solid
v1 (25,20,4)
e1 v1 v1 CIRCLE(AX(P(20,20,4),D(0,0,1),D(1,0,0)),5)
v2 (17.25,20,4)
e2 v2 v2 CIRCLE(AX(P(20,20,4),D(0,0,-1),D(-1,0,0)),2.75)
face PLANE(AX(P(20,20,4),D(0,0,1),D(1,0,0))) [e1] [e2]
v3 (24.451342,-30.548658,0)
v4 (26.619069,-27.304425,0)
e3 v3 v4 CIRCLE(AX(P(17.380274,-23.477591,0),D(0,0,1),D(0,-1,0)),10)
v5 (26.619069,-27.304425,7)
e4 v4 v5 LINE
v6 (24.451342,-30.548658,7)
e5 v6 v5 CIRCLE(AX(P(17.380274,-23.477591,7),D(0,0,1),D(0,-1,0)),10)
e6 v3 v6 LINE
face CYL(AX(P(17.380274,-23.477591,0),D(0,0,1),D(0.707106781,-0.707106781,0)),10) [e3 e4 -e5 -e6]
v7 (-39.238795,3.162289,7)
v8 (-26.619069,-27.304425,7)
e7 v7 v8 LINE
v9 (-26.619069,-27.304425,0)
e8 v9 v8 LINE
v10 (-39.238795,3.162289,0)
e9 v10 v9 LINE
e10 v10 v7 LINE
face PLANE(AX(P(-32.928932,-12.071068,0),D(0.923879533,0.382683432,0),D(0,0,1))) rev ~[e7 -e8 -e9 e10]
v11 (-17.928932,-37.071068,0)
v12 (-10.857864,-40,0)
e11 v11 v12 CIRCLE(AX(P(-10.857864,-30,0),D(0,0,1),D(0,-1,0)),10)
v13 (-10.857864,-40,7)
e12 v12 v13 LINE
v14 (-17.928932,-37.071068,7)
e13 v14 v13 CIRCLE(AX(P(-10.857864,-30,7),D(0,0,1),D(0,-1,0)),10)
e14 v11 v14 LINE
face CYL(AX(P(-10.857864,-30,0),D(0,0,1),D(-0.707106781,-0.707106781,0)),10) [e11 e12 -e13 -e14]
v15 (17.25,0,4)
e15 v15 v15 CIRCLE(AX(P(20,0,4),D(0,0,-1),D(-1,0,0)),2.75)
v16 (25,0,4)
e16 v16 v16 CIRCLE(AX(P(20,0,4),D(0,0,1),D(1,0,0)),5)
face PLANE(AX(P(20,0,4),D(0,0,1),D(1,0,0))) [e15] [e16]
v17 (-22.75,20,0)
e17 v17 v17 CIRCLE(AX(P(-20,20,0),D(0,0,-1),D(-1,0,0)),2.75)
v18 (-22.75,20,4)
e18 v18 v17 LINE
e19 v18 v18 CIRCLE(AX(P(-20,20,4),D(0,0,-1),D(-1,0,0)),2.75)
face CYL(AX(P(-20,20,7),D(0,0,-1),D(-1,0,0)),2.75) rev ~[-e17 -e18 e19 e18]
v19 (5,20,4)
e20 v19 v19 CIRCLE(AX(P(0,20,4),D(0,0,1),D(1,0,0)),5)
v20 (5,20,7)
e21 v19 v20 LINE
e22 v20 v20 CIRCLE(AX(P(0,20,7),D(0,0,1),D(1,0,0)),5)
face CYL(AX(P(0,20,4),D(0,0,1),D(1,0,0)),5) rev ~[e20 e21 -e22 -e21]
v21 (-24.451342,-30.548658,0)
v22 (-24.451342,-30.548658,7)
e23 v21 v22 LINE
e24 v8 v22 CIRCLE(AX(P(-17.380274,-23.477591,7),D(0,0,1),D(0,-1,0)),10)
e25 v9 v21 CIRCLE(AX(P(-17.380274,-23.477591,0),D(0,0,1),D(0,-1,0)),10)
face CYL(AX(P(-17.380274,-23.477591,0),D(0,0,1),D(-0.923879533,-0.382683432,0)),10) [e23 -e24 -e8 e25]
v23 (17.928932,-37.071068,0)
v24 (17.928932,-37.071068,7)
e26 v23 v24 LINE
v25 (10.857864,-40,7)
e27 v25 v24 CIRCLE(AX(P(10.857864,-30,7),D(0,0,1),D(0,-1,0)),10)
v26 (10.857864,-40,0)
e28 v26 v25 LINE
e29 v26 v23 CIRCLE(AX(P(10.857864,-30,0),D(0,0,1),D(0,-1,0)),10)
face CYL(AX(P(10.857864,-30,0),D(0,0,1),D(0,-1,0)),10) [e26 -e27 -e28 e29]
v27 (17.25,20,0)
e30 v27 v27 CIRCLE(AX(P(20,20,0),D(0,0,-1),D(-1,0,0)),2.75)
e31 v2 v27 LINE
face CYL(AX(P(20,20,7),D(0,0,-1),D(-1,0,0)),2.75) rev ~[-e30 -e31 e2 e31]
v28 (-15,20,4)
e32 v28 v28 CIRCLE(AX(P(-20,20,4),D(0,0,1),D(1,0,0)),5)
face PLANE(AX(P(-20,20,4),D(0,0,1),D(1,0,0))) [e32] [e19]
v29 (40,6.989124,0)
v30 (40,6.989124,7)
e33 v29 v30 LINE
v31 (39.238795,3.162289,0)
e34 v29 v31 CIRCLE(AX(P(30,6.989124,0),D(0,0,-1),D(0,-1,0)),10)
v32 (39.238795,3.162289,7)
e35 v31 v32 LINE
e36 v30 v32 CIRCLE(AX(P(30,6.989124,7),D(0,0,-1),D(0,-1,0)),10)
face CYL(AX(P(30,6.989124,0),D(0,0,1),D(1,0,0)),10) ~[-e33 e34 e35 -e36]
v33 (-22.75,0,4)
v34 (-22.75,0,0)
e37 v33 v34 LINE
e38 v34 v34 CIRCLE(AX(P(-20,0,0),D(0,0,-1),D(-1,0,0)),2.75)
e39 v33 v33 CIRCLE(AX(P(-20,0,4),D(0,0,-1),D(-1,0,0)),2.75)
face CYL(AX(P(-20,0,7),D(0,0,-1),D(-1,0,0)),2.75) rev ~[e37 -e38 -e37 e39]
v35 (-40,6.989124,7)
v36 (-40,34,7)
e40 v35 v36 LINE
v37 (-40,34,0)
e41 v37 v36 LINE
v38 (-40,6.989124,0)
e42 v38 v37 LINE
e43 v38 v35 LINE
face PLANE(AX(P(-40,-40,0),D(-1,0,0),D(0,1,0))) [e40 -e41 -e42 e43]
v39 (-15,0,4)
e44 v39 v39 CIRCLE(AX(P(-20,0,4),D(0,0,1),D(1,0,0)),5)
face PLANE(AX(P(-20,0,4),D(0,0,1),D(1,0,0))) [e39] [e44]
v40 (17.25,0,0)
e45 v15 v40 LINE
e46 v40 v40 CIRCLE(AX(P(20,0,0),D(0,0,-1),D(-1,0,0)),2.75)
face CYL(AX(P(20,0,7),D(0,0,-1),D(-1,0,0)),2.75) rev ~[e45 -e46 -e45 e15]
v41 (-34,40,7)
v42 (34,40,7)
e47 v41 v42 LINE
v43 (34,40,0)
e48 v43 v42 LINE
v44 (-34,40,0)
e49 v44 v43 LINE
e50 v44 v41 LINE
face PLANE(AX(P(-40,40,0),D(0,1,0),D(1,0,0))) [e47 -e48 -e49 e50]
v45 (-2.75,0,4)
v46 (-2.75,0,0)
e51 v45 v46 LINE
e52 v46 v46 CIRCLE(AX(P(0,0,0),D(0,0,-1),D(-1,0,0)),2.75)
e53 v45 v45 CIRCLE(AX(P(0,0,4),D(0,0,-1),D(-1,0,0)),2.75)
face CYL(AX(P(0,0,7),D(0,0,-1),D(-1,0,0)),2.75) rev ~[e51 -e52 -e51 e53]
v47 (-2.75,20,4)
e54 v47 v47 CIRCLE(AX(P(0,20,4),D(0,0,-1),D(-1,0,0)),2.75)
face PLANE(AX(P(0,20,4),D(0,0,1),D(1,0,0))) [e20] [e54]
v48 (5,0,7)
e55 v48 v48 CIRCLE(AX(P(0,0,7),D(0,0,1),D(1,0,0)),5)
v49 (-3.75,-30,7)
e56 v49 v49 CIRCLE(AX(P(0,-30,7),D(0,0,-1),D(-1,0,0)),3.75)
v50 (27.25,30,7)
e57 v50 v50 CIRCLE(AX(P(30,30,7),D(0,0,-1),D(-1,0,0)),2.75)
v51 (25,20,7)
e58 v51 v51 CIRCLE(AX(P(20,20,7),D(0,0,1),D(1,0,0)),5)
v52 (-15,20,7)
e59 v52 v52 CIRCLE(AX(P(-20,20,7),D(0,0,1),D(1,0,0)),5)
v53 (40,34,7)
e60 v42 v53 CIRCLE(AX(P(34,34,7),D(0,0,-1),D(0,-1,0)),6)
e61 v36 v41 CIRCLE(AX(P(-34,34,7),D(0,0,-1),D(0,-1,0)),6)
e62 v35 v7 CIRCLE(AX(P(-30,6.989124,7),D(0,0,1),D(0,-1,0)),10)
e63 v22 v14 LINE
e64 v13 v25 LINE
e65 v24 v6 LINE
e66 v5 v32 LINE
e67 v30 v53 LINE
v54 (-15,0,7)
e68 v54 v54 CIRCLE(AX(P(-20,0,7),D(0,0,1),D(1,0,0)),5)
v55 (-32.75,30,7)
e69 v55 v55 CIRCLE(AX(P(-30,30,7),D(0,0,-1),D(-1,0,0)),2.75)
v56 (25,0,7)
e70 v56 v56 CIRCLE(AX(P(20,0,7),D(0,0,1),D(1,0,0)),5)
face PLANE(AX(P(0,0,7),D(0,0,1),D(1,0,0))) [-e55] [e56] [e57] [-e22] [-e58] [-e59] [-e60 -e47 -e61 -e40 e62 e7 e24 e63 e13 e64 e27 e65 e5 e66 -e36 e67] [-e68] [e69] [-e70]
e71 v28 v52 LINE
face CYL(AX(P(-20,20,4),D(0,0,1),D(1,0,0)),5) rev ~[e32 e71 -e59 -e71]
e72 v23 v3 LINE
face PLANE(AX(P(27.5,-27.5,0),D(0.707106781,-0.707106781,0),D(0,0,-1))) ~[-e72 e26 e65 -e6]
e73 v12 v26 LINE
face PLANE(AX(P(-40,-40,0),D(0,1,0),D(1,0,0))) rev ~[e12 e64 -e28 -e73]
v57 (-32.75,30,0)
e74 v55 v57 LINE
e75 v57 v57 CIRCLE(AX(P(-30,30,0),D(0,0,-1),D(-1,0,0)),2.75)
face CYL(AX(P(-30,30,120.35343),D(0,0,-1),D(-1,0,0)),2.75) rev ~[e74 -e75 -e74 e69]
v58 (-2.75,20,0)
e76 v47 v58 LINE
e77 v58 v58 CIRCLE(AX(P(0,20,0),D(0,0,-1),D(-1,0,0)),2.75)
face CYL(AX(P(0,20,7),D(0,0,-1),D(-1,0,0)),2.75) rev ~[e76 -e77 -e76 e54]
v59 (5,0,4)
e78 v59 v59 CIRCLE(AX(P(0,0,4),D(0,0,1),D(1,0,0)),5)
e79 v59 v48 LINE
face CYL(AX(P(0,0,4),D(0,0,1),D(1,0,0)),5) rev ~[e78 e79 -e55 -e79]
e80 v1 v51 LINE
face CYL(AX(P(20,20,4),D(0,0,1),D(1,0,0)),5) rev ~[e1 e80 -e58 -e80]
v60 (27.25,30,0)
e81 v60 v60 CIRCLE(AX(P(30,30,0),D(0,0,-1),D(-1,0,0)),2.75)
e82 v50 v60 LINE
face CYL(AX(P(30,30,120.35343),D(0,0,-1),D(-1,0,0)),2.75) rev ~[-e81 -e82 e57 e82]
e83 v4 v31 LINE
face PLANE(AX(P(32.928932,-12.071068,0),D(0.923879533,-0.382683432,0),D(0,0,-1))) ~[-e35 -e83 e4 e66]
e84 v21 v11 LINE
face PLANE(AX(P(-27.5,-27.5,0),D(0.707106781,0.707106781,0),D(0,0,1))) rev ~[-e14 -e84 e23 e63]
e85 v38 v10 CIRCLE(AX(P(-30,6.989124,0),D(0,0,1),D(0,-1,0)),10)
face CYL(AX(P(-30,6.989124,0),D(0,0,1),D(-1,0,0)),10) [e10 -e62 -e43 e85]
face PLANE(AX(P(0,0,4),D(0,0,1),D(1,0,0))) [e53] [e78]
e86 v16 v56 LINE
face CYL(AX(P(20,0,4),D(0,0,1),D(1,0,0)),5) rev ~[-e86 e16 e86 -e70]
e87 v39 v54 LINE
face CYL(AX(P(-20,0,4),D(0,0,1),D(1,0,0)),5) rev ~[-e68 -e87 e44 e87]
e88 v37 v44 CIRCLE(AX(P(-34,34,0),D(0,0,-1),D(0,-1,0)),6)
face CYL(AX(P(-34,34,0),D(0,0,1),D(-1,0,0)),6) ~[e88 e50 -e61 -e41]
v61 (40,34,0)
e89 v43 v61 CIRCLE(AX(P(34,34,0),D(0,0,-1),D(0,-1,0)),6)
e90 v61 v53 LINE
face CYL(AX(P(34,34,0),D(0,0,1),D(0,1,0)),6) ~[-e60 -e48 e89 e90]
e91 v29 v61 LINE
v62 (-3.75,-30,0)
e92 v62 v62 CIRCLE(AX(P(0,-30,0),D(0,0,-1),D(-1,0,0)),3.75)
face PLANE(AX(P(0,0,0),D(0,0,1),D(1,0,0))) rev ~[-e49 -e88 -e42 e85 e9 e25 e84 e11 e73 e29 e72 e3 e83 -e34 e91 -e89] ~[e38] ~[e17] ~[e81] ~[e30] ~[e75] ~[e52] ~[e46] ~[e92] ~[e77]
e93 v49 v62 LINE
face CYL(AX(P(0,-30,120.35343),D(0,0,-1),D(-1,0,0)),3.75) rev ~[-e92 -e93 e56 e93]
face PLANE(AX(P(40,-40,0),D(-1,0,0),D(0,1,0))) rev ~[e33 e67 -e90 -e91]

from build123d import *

# Parameters (mm, degrees)
F0_W           = 80
F0_H           = 80
F1_DEPTH       = 7
F3_D           = 7.5
F4_R           = 6
F5_SIZE        = 25
F6_SIZE        = 20
F8_D           = 5.5
F8_CBORE_D     = 10
F8_CBORE_DEPTH = 3
F9_R           = 10
F10_D          = 5.5


with BuildPart() as f1:
    # F0 (on Top) → F1 (new body)
    with BuildSketch(Plane.XY):
        Rectangle(F0_W, F0_H)
    extrude(amount=F1_DEPTH)

    # F3 (through all)
    with Locations(Plane.XY.offset(7)):
        with Locations((0, -30)):
            Hole(F3_D / 2)

    # F4
    f4_edges = [f1.edges().sort_by_distance(p)[0] for p in [
        (-40, 40, 3.5),
        (40, 40, 3.5),
    ]]
    fillet(f4_edges, radius=F4_R)

    # F5
    f5_edges = [f1.edges().sort_by_distance(p)[0] for p in [
        (-40, -40, 3.5),
        (40, -40, 3.5),
    ]]
    chamfer(f5_edges, length=F5_SIZE)

    # F6
    f6_edges = [f1.edges().sort_by_distance(p)[0] for p in [
        (40, -15, 3.5),
        (-40, -15, 3.5),
    ]]
    chamfer(f6_edges, length=F6_SIZE)

    # F8 (through all)
    with Locations(Plane.XY.offset(7)):
        with Locations((-20, 20), (0, 20), (20, 20), (20, 0), (0, 0), (-20, 0)):
            CounterBoreHole(F8_D / 2, F8_CBORE_D / 2, F8_CBORE_DEPTH)

    # F9
    f9_edges = [f1.edges().sort_by_distance(p)[0] for p in [
        (40, 5, 3.5),
        (25.857864, -29.142136, 3.5),
        (15, -40, 3.5),
        (-15, -40, 3.5),
        (-40, 5, 3.5),
        (-25.857864, -29.142136, 3.5),
    ]]
    fillet(f9_edges, radius=F9_R)

    # F10 (through all)
    with Locations(Plane.XY.offset(7)):
        with Locations((-30, 30), (30, 30)):
            Hole(F10_D / 2)


solid = f1.part
